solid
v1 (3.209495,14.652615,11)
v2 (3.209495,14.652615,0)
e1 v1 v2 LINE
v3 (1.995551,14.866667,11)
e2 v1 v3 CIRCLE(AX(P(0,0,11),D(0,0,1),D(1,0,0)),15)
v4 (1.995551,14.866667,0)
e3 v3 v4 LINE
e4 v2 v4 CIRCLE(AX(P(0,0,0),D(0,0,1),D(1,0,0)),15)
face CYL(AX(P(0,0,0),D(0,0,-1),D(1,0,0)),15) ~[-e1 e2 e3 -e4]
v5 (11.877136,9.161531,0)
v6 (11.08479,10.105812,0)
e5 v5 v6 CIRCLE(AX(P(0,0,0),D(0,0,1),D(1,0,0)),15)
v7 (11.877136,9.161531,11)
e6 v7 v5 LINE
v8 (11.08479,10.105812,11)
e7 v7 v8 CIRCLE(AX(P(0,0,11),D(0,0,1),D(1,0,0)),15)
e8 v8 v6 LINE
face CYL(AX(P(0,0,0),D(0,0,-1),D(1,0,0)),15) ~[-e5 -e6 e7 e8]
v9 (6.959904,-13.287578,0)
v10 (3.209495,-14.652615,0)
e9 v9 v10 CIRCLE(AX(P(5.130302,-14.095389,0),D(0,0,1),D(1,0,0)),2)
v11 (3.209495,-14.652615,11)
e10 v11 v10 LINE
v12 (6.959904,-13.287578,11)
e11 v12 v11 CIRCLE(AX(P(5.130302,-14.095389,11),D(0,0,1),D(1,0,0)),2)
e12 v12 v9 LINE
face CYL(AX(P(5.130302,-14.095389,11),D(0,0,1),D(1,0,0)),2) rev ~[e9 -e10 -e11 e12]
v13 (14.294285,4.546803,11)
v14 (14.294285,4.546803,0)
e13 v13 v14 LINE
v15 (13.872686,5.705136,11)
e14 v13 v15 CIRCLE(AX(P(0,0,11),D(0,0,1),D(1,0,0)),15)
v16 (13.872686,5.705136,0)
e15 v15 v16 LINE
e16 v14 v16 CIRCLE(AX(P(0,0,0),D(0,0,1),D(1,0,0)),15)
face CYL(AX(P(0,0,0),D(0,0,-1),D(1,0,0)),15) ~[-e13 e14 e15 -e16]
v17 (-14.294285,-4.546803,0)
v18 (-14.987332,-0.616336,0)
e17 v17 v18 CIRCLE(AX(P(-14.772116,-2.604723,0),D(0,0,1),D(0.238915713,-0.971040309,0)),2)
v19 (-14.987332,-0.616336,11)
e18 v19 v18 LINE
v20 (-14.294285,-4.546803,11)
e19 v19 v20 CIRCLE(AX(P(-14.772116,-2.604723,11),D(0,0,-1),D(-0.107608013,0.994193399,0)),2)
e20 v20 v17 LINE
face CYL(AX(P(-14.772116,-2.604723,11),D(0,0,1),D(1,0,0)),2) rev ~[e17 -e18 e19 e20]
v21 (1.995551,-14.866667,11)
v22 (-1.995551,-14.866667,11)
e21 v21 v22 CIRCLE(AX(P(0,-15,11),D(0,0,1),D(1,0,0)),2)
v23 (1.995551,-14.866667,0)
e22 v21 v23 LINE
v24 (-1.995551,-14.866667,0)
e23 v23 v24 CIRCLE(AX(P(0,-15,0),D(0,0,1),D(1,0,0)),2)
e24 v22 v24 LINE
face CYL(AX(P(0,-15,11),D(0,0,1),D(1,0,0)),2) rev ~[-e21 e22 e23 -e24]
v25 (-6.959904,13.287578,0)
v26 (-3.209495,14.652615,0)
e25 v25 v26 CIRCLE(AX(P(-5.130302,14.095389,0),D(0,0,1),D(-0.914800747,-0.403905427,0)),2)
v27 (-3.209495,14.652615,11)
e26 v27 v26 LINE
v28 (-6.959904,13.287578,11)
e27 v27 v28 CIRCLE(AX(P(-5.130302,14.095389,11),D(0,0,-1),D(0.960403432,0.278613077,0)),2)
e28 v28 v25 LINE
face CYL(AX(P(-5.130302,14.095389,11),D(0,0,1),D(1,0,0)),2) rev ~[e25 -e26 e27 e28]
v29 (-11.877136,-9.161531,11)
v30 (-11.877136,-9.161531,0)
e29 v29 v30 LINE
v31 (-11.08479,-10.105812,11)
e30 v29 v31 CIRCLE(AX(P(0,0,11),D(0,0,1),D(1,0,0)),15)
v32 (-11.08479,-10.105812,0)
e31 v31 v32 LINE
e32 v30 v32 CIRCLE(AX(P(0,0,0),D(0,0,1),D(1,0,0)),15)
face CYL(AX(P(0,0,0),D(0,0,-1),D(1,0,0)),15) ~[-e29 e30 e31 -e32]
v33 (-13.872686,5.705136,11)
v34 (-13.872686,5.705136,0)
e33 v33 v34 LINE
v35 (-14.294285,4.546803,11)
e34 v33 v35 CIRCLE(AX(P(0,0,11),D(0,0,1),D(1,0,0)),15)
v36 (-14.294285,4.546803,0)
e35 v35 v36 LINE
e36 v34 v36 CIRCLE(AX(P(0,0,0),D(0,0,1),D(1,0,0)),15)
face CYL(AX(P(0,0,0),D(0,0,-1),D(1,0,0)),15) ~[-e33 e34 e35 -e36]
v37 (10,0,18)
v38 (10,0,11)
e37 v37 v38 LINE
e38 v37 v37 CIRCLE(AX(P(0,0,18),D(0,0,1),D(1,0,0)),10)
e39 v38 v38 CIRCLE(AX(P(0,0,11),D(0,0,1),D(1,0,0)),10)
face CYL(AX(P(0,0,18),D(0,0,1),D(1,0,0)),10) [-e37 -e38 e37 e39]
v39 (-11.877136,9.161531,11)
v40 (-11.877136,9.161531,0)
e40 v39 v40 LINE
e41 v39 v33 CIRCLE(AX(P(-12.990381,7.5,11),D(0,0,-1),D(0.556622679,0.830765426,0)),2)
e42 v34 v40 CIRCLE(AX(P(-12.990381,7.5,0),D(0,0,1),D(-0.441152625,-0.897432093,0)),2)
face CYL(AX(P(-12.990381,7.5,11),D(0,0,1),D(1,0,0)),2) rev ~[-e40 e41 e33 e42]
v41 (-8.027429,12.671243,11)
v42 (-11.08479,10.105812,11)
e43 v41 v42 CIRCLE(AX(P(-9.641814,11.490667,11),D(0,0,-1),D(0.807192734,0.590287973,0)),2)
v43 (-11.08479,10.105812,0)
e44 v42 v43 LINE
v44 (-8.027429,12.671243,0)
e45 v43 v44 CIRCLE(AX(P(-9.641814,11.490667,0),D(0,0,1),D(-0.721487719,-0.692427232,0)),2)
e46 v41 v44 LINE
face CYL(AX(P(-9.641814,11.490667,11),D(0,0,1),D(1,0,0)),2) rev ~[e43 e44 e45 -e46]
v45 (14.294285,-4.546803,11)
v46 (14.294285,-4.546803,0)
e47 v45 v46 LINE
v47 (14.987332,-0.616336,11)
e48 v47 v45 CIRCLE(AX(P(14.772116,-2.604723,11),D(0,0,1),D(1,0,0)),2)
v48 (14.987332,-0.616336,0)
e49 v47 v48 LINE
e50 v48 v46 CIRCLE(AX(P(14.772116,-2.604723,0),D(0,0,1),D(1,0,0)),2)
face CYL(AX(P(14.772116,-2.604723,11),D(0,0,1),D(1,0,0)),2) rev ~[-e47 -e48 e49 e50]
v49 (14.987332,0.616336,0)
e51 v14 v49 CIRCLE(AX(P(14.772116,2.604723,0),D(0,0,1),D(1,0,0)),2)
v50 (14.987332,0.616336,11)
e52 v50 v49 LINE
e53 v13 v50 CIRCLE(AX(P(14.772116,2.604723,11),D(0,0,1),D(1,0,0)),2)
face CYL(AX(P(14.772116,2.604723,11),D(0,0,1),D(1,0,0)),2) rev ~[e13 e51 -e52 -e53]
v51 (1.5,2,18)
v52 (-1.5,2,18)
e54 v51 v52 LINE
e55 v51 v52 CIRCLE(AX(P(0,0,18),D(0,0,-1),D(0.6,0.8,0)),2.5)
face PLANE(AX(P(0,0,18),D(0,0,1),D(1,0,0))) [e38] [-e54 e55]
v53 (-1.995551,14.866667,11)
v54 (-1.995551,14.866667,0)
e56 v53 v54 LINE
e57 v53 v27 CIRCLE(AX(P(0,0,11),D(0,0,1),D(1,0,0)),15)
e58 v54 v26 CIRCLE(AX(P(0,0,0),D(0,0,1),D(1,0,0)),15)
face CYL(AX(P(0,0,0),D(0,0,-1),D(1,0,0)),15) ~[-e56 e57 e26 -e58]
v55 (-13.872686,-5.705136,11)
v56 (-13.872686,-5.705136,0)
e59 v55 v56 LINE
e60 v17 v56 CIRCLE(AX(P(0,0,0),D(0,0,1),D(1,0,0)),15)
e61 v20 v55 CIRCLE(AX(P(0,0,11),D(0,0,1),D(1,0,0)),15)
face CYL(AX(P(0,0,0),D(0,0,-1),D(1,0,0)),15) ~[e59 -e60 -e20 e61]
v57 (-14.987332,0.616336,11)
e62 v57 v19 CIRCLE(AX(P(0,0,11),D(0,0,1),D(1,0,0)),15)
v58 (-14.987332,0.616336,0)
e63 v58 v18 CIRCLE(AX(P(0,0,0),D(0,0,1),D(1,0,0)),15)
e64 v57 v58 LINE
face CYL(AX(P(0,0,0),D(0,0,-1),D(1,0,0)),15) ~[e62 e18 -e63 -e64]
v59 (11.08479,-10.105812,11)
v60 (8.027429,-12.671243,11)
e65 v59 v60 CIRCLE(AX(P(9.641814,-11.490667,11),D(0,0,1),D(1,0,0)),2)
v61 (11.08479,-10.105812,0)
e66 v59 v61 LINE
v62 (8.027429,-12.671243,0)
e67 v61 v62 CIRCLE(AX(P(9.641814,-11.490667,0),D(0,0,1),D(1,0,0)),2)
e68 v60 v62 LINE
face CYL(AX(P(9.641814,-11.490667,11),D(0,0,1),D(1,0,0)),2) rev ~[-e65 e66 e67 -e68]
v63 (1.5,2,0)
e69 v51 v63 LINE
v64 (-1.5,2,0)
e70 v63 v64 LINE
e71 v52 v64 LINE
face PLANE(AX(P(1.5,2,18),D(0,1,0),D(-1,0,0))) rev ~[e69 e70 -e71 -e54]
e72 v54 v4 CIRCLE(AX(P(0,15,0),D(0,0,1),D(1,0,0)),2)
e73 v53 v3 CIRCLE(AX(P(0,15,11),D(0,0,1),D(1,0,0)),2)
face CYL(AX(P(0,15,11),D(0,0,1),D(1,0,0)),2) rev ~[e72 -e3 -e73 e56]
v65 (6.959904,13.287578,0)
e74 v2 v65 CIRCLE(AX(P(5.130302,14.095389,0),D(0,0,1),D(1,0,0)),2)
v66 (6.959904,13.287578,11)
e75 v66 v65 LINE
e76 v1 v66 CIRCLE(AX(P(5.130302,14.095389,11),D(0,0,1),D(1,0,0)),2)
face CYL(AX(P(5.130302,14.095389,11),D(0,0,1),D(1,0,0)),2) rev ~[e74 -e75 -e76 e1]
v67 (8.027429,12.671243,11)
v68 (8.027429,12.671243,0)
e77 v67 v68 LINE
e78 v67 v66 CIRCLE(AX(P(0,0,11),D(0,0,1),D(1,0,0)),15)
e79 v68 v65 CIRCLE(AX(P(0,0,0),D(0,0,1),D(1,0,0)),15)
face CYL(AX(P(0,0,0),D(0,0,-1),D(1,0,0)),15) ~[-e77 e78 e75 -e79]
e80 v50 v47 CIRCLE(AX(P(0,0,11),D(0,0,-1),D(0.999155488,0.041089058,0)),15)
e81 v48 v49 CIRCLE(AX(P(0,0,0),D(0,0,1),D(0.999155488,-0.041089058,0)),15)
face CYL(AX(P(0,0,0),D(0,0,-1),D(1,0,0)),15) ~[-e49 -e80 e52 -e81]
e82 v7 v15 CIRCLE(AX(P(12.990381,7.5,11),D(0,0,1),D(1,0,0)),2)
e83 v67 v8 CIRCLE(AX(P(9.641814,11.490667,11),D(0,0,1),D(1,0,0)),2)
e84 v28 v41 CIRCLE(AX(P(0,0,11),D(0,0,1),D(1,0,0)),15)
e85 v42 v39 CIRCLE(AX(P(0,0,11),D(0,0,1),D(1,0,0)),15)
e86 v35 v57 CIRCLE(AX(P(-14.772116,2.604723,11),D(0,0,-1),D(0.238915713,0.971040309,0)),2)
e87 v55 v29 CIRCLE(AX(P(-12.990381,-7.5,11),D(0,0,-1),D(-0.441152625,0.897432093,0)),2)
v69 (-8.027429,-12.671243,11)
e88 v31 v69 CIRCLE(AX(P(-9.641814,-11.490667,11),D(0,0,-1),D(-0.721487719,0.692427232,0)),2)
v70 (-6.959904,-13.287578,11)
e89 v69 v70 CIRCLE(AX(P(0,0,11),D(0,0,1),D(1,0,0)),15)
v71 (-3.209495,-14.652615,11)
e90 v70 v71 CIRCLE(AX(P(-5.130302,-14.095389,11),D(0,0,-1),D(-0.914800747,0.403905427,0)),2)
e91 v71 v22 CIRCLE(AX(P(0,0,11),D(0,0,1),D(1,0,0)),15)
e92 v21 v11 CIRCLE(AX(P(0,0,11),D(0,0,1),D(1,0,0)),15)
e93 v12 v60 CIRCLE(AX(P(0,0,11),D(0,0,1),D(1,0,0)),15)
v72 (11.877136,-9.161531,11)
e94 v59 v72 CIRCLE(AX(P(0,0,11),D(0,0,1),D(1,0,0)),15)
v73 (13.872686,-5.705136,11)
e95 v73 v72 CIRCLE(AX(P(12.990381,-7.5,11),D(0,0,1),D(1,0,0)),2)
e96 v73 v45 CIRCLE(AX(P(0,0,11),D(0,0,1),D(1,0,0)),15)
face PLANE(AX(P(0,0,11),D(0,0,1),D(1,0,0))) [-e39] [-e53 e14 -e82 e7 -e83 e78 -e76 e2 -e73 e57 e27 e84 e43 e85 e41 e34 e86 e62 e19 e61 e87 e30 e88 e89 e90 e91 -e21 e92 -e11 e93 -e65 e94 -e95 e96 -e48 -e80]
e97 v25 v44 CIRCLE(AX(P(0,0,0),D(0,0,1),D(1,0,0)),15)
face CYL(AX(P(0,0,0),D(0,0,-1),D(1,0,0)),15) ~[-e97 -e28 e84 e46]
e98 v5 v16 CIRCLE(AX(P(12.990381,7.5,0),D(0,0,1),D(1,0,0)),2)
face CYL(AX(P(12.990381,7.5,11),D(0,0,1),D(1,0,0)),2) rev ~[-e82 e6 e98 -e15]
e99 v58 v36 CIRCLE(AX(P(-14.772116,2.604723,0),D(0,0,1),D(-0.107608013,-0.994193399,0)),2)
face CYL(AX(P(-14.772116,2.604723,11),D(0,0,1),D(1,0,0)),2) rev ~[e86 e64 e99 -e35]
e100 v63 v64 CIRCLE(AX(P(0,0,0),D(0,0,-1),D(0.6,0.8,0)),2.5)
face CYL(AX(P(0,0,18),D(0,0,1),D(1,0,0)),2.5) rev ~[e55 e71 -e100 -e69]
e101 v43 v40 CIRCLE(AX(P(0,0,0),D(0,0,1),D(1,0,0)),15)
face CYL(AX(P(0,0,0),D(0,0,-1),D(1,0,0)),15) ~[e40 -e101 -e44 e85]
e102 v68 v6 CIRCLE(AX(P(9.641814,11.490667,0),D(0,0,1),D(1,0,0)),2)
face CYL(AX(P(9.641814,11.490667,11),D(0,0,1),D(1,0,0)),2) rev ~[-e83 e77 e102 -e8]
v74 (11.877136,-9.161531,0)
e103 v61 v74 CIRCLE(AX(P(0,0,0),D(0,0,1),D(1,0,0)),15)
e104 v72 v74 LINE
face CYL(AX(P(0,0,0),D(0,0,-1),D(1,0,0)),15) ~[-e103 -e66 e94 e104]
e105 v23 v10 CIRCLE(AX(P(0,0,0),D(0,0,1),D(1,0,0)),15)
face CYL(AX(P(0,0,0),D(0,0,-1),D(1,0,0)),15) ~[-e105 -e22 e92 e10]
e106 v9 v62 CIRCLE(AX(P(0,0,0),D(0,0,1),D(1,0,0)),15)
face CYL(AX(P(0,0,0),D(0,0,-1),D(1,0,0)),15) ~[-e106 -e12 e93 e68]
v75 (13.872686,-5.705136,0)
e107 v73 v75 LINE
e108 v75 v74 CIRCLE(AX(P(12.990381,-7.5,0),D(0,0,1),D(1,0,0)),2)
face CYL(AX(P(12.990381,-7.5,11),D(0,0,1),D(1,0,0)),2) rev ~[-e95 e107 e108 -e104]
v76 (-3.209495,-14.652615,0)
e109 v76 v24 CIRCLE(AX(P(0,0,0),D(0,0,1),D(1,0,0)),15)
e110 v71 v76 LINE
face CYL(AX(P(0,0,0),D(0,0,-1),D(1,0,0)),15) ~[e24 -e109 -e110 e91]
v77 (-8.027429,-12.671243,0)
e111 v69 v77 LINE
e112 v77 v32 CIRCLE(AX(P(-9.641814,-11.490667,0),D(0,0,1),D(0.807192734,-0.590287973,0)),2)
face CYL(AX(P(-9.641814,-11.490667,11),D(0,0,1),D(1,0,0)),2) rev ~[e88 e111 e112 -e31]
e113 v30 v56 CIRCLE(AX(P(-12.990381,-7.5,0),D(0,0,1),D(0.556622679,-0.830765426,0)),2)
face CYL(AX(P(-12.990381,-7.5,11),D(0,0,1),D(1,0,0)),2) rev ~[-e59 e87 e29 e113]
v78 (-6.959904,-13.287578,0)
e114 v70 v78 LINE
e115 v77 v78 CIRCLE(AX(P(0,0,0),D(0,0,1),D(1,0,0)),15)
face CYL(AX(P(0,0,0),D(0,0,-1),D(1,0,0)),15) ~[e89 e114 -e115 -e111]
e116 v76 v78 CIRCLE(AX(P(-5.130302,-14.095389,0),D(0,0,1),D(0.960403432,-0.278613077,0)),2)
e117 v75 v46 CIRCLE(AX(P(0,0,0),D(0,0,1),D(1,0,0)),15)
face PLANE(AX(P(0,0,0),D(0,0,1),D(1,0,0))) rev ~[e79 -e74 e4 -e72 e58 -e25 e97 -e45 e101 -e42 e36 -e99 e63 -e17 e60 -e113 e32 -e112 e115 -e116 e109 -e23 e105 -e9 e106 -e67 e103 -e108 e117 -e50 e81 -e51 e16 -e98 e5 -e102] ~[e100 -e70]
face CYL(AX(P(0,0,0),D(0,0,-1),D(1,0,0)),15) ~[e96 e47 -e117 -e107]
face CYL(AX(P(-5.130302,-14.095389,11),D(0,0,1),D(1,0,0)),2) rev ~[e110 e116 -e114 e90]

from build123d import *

# Parameters (mm, degrees)
SKETCH1_R           = 15
BOSS_EXTRUDE1_DEPTH = 11
SKETCH2_R           = 2
CUT_EXTRUDE1_DEPTH  = 11
SKETCH3_R           = 2.5
CUT_EXTRUDE2_DEPTH  = 11
BOSS_EXTRUDE2_START = 7
SKETCH5_R           = 10
SKETCH5_R_2         = 2.5
BOSS_EXTRUDE2_DEPTH = 7
BOSS_EXTRUDE3_DEPTH = 18


with BuildPart() as part:
    # Sketch1 → Boss-Extrude1 (new body)
    with BuildSketch(Plane.XY):
        Circle(SKETCH1_R)
    extrude(amount=BOSS_EXTRUDE1_DEPTH)

    # Sketch2 → Cut-Extrude1 (cut)
    with BuildSketch(Plane.XY.offset(11)):
        with Locations((0, 15)):
            Circle(SKETCH2_R)
        with Locations((5.13030215, 14.095389312)):
            Circle(SKETCH2_R)
        with Locations((9.641814145, 11.490666647)):
            Circle(SKETCH2_R)
        with Locations((12.990381057, 7.5)):
            Circle(SKETCH2_R)
        with Locations((14.772116295, 2.604722665)):
            Circle(SKETCH2_R)
        with Locations((14.772116295, -2.604722665)):
            Circle(SKETCH2_R)
        with Locations((12.990381057, -7.5)):
            Circle(SKETCH2_R)
        with Locations((9.641814145, -11.490666647)):
            Circle(SKETCH2_R)
        with Locations((5.13030215, -14.095389312)):
            Circle(SKETCH2_R)
        with Locations((0, -15)):
            Circle(SKETCH2_R)
        with Locations((-5.13030215, -14.095389312)):
            Circle(SKETCH2_R)
        with Locations((-9.641814145, -11.490666647)):
            Circle(SKETCH2_R)
        with Locations((-12.990381057, -7.5)):
            Circle(SKETCH2_R)
        with Locations((-14.772116295, -2.604722665)):
            Circle(SKETCH2_R)
        with Locations((-14.772116295, 2.604722665)):
            Circle(SKETCH2_R)
        with Locations((-12.990381057, 7.5)):
            Circle(SKETCH2_R)
        with Locations((-9.641814145, 11.490666647)):
            Circle(SKETCH2_R)
        with Locations((-5.13030215, 14.095389312)):
            Circle(SKETCH2_R)
    extrude(amount=-CUT_EXTRUDE1_DEPTH, mode=Mode.SUBTRACT)

    # Sketch3 → Cut-Extrude2 (cut)
    with BuildSketch(Plane.XY.offset(11)):
        Circle(SKETCH3_R)
    extrude(amount=-CUT_EXTRUDE2_DEPTH, mode=Mode.SUBTRACT)

    # Sketch5 → Boss-Extrude2 (add)
    with BuildSketch(Plane.XY.offset(11).offset(BOSS_EXTRUDE2_START)):
        Circle(SKETCH5_R)
        Circle(SKETCH5_R_2, mode=Mode.SUBTRACT)
    extrude(amount=-BOSS_EXTRUDE2_DEPTH)

    # Sketch6 → Boss-Extrude3 (add)
    with BuildSketch(Plane.XY.offset(18)):
        with BuildLine():
            Line((1.5, 2), (-1.5, 2))
            ThreePointArc((-1.5, 2), (0, 2.5), (1.5, 2))
        make_face()
    extrude(amount=-BOSS_EXTRUDE3_DEPTH)


solid = part.part
